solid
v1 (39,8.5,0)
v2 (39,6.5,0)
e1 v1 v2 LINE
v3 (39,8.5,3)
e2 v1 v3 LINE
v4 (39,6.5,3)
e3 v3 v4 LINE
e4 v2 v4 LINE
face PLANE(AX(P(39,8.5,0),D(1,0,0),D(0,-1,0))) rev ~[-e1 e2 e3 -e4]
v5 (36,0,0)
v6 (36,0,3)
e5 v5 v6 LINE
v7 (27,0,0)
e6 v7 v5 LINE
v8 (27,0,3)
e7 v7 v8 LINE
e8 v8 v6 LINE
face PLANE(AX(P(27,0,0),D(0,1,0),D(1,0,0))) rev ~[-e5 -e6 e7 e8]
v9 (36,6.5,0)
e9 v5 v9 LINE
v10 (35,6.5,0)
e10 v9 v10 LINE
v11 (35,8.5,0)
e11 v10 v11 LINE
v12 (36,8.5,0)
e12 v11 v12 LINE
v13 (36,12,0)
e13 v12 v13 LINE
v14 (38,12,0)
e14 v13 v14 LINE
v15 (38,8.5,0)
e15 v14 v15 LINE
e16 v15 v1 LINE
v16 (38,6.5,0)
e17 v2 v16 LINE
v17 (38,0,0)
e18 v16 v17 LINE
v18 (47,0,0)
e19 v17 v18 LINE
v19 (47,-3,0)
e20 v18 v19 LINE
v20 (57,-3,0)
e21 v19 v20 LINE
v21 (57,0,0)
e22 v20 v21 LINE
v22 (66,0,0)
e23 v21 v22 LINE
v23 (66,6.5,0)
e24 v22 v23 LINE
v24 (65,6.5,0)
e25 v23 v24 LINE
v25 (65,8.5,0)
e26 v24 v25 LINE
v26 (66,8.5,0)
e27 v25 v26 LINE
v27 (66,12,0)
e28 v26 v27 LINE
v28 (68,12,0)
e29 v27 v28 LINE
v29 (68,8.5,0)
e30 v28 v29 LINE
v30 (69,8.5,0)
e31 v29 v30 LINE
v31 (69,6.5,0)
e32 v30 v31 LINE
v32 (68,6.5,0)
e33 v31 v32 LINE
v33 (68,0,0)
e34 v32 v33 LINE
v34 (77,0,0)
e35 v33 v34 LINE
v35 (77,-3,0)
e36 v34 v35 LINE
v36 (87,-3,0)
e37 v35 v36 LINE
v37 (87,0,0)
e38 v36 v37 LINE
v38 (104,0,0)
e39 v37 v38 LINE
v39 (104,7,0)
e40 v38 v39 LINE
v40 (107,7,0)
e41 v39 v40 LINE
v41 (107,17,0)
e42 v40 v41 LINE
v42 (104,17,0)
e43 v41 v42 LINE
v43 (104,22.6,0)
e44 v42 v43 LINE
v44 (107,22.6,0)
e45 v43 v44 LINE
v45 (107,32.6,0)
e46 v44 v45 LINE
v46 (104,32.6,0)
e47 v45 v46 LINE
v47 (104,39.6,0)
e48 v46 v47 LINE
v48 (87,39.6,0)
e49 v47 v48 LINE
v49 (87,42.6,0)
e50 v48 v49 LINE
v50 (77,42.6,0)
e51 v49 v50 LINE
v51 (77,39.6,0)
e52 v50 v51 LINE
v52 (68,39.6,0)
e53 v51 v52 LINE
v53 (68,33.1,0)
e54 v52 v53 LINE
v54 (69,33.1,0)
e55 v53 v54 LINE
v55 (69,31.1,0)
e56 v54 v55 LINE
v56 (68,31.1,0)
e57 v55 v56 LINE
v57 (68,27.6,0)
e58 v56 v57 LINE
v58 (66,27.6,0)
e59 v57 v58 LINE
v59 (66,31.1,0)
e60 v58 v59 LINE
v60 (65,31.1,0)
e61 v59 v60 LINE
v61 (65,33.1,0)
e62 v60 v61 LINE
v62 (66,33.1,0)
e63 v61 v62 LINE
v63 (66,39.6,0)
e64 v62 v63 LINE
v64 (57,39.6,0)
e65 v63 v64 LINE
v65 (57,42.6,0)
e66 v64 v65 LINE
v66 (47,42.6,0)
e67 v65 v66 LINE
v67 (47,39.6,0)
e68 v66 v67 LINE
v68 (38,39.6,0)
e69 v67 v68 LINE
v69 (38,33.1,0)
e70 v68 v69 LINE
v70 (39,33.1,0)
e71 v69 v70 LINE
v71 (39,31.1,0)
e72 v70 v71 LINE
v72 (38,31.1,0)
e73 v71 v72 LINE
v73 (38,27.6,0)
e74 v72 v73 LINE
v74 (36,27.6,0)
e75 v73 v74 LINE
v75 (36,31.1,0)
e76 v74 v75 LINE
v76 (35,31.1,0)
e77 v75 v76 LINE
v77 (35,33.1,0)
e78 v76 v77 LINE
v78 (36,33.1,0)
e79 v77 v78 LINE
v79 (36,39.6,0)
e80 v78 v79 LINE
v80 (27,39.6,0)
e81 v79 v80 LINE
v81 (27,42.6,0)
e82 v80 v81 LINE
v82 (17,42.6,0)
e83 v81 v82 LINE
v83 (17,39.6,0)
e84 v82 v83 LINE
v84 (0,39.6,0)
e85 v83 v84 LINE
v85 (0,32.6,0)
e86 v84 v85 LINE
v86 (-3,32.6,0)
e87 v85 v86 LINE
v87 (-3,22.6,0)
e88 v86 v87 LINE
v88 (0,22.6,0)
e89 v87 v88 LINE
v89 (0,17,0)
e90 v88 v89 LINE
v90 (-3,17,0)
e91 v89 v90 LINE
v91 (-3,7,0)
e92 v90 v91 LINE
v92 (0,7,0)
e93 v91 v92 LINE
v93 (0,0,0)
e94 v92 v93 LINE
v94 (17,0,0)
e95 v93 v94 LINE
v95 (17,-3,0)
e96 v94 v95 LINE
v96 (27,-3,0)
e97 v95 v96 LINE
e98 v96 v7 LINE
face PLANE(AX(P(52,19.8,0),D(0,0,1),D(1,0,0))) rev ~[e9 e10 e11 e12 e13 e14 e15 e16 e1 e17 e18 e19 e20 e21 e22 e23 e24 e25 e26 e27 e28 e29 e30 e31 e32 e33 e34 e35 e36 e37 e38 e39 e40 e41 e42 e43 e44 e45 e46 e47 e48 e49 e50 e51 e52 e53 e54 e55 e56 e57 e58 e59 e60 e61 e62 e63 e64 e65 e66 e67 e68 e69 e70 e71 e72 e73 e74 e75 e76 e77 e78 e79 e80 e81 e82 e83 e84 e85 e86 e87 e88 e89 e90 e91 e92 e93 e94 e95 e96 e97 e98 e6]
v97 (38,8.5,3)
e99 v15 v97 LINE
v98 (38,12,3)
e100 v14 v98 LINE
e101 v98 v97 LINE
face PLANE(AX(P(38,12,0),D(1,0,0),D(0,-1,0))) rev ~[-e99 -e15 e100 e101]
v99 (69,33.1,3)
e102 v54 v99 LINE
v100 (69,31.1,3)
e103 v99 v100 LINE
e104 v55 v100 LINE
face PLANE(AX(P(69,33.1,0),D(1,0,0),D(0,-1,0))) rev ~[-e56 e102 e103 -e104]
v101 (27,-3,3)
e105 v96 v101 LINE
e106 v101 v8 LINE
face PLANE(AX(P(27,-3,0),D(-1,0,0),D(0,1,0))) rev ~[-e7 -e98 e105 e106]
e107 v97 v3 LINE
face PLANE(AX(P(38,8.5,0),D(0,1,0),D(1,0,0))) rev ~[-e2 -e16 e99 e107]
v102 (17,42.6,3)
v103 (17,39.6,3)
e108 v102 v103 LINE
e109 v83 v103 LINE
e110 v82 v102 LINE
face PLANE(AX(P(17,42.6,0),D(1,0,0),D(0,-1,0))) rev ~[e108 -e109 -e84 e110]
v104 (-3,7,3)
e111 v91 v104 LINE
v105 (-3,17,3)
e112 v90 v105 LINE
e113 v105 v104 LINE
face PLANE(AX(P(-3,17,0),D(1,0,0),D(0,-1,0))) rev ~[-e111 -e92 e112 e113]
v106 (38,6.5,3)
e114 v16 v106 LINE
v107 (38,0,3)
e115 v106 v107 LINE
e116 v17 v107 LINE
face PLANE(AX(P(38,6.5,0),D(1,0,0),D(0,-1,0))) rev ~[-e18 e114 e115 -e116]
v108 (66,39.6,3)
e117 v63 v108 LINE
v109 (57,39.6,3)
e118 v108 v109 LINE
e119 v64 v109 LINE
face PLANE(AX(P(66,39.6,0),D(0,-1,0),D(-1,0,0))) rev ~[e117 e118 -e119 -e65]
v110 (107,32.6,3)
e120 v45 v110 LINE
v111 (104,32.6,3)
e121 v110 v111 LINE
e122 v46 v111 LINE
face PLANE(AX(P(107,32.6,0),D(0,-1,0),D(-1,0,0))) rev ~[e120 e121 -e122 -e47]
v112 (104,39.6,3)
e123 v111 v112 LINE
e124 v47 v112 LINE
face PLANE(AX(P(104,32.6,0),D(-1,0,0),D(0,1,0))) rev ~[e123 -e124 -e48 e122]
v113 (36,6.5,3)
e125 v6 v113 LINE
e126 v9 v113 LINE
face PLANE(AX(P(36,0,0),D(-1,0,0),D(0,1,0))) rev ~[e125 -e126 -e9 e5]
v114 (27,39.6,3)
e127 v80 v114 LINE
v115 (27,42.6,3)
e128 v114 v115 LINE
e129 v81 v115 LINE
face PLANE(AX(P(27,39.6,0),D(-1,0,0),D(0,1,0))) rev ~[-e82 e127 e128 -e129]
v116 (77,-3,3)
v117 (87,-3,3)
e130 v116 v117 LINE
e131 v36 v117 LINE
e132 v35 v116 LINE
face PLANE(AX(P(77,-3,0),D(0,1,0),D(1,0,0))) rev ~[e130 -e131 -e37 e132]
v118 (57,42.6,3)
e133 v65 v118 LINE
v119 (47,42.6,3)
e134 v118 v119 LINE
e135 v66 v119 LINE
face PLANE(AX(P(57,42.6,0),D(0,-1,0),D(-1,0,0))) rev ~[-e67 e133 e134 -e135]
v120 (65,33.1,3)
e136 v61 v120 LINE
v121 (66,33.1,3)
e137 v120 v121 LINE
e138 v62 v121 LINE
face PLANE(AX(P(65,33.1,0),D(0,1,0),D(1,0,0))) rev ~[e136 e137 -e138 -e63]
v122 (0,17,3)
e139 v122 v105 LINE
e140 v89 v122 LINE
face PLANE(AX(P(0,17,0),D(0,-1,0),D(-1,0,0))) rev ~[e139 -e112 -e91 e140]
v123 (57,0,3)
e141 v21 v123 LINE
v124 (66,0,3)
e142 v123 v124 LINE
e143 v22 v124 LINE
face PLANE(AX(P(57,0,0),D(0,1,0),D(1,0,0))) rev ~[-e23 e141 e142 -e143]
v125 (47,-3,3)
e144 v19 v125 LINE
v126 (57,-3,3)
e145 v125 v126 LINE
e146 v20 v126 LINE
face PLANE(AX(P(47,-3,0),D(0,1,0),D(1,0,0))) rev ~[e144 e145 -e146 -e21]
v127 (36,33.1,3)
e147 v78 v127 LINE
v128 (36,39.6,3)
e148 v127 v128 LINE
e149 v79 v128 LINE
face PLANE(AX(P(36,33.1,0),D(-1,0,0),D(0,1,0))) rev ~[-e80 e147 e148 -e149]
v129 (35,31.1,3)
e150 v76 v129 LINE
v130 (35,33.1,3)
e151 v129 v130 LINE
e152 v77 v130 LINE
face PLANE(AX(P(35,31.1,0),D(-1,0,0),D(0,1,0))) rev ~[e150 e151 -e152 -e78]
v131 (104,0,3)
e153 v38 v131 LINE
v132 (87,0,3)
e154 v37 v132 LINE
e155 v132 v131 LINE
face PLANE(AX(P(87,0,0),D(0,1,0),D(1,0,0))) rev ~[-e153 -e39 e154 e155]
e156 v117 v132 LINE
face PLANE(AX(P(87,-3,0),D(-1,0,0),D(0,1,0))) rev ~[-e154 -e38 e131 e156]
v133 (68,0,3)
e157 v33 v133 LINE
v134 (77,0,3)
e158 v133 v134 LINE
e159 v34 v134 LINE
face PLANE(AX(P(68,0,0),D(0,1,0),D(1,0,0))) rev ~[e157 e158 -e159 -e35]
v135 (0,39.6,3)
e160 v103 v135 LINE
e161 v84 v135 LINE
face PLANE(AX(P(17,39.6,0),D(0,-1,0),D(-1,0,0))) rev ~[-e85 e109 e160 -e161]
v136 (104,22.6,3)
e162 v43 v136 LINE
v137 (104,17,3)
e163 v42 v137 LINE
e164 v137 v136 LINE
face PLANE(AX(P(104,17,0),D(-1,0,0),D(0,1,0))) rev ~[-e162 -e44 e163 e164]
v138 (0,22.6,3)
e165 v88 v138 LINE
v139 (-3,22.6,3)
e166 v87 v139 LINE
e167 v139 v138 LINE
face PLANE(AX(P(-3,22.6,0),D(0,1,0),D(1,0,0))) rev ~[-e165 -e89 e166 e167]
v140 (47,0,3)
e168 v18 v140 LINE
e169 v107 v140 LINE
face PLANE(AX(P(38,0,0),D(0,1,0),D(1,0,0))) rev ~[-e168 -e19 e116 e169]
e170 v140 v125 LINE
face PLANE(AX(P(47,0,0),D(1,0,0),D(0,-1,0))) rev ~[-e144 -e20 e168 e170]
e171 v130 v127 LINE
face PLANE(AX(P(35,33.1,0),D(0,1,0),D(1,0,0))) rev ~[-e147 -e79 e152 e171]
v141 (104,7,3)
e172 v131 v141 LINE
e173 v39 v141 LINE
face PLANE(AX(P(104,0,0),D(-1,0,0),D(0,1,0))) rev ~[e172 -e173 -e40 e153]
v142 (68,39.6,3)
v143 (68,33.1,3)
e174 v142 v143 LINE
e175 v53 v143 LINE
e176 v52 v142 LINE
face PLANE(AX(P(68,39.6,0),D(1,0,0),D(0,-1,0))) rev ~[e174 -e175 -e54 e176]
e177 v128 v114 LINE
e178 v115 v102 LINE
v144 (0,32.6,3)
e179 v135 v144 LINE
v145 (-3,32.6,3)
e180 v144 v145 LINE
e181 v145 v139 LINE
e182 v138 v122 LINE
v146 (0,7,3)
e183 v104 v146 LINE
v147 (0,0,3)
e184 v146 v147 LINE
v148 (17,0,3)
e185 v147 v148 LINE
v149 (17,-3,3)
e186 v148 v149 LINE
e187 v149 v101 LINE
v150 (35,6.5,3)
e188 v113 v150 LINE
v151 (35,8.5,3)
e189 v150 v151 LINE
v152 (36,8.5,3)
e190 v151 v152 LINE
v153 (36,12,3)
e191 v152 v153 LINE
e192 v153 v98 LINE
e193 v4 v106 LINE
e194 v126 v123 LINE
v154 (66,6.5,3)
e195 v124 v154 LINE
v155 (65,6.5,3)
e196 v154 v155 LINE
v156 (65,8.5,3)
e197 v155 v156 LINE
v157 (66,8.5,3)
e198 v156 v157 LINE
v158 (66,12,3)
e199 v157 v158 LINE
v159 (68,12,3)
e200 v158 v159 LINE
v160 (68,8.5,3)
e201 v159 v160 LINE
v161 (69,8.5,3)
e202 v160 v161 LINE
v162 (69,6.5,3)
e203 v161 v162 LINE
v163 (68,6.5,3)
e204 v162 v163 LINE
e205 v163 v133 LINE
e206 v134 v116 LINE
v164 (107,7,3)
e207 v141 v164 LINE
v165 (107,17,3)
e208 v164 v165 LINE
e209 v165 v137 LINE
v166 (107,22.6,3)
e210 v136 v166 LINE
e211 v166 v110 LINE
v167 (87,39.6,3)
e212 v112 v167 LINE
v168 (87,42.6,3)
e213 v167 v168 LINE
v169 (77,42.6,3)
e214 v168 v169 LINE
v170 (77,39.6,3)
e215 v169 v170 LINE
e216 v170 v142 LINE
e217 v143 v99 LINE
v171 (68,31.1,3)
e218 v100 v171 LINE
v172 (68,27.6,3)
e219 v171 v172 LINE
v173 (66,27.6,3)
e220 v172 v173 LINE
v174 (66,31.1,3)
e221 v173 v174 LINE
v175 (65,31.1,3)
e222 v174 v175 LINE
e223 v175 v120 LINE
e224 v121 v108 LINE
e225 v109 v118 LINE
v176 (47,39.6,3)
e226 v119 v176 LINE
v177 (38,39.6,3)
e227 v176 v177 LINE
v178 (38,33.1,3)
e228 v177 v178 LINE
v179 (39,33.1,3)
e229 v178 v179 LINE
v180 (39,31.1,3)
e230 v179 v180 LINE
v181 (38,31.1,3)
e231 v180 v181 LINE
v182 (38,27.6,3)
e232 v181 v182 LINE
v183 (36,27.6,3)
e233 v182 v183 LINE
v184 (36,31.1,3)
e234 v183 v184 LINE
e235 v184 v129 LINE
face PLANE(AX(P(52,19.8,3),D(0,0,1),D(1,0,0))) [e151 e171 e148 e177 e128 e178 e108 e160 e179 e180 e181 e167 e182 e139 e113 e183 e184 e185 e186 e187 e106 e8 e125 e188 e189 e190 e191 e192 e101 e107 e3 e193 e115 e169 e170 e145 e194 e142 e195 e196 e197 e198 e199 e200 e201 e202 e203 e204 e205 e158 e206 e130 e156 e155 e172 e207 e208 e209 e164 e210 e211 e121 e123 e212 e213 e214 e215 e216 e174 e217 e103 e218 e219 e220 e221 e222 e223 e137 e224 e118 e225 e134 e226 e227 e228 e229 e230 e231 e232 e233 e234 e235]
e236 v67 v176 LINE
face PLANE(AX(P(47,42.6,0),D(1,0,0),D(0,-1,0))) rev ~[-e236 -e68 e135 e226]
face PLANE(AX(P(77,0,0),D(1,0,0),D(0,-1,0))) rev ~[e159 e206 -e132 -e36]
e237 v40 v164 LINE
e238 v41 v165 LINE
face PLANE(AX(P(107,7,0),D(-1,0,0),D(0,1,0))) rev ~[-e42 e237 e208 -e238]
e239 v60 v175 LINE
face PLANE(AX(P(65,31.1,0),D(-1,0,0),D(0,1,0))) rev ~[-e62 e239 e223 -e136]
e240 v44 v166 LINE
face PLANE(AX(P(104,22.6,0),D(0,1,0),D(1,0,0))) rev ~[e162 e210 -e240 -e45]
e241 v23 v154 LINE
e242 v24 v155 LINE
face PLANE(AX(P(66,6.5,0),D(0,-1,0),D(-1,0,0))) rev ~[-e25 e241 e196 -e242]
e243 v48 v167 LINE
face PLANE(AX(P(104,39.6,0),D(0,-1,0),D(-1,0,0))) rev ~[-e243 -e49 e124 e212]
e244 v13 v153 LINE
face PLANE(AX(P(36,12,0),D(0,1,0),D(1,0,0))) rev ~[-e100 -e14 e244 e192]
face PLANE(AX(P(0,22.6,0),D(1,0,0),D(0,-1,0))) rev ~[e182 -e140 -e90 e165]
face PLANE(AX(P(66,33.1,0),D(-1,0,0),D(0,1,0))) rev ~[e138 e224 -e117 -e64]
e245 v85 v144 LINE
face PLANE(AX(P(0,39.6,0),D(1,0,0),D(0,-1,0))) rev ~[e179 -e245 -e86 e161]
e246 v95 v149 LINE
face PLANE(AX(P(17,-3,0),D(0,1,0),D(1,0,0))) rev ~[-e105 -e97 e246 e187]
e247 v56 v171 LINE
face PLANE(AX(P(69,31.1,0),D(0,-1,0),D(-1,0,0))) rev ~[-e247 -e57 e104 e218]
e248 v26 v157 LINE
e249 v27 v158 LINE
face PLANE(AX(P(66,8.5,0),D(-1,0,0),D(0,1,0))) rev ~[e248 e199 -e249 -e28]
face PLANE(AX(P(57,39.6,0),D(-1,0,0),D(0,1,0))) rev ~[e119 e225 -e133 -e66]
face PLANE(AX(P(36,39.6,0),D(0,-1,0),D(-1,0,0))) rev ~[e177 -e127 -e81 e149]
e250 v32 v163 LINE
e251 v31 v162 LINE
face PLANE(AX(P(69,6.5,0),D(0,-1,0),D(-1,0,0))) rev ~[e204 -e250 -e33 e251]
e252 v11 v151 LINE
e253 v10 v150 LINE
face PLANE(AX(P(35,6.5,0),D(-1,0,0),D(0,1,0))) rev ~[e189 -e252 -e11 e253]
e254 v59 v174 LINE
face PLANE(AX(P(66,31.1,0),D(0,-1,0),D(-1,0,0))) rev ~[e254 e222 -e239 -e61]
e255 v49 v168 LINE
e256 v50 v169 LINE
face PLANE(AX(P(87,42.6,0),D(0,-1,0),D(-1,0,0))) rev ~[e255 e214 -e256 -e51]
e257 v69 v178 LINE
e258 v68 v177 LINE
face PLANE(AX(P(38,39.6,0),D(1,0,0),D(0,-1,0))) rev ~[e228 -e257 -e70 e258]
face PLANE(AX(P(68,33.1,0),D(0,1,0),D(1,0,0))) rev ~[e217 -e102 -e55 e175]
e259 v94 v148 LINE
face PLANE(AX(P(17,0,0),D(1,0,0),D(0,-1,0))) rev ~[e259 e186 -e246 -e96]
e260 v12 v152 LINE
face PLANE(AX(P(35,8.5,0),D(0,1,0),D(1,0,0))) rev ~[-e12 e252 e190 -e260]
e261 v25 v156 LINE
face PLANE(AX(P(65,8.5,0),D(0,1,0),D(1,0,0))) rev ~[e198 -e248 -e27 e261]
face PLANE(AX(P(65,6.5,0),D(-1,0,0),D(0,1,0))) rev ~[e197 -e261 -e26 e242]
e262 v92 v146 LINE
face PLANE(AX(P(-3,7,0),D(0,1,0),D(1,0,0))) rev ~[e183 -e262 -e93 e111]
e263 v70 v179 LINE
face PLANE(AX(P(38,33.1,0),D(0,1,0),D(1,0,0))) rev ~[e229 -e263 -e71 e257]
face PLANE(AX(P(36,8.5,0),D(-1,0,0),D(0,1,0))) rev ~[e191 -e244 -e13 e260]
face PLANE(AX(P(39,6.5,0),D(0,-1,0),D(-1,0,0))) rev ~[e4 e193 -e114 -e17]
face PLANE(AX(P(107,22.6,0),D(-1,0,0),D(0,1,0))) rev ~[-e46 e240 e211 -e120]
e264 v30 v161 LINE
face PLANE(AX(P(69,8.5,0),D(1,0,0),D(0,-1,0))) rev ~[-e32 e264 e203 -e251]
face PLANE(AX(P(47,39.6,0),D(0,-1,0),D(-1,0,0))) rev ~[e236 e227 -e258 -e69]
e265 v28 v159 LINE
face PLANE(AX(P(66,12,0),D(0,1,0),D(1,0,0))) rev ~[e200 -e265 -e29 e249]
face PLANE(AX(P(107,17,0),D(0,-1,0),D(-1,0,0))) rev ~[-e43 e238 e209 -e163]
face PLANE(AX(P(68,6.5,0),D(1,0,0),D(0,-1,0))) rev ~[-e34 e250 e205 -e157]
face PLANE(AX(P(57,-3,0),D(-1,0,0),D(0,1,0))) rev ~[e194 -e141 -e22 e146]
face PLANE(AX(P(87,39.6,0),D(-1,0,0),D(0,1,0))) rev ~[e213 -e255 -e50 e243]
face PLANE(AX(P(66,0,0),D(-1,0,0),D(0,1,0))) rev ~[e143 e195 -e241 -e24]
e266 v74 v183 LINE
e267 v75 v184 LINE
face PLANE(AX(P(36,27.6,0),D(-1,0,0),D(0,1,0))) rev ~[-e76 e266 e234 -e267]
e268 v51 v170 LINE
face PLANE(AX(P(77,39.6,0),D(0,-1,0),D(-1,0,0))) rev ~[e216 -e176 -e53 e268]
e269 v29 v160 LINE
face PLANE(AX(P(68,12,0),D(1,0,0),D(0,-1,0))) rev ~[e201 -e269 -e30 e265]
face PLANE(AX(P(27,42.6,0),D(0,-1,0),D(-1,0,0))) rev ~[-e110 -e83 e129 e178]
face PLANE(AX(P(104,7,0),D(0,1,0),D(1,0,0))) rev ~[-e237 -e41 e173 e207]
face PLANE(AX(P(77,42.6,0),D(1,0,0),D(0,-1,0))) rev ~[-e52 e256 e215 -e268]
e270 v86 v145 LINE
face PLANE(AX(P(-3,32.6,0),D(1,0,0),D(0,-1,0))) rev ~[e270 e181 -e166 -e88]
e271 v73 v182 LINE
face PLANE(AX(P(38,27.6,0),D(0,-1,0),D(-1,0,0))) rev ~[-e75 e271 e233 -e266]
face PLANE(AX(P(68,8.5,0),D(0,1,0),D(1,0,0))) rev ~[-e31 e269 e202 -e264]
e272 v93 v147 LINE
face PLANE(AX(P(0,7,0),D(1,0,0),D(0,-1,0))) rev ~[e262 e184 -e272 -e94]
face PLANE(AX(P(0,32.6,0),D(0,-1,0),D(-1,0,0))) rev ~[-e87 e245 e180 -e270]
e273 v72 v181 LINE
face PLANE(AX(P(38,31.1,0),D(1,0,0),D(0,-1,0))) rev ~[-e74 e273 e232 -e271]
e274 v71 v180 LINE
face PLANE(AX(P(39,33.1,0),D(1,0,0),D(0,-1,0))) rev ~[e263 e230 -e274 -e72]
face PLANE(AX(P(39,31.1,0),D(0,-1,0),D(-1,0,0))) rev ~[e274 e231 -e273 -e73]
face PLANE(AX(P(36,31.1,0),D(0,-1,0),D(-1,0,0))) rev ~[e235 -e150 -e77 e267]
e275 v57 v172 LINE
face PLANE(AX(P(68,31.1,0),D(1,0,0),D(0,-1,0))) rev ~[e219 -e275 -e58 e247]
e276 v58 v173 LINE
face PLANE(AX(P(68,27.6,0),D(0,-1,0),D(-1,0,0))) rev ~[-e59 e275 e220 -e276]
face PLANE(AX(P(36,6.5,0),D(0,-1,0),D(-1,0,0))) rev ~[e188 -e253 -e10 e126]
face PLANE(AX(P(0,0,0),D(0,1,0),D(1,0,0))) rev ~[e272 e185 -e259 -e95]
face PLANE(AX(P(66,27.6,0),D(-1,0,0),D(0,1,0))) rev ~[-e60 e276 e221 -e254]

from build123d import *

# Parameters (mm, degrees)
F1_DEPTH = 3


with BuildPart() as f1:
    # F0 (on Top) → F1 (new body)
    with BuildSketch(Plane.XY):
        Polygon((0, 7), (0, 0), (17, 0), (17, -3), (27, -3), (27, 0), (36, 0), (36, 6.5), (35, 6.5), (35, 8.5), (36, 8.5), (36, 12), (38, 12), (38, 8.5), (39, 8.5), (39, 6.5), (38, 6.5), (38, 0), (47, 0), (47, -3), (57, -3), (57, 0), (66, 0), (66, 6.5), (65, 6.5), (65, 8.5), (66, 8.5), (66, 12), (68, 12), (68, 8.5), (69, 8.5), (69, 6.5), (68, 6.5), (68, 0), (77, 0), (77, -3), (87, -3), (87, 0), (104, 0), (104, 7), (107, 7), (107, 17), (104, 17), (104, 22.6), (107, 22.6), (107, 32.6), (104, 32.6), (104, 39.6), (87, 39.6), (87, 42.6), (77, 42.6), (77, 39.6), (68, 39.6), (68, 33.1), (69, 33.1), (69, 31.1), (68, 31.1), (68, 27.6), (66, 27.6), (66, 31.1), (65, 31.1), (65, 33.1), (66, 33.1), (66, 39.6), (57, 39.6), (57, 42.6), (47, 42.6), (47, 39.6), (38, 39.6), (38, 33.1), (39, 33.1), (39, 31.1), (38, 31.1), (38, 27.6), (36, 27.6), (36, 31.1), (35, 31.1), (35, 33.1), (36, 33.1), (36, 39.6), (27, 39.6), (27, 42.6), (17, 42.6), (17, 39.6), (0, 39.6), (0, 32.6), (-3, 32.6), (-3, 22.6), (0, 22.6), (0, 17), (-3, 17), (-3, 7), align=None)
    extrude(amount=F1_DEPTH)


solid = f1.part
